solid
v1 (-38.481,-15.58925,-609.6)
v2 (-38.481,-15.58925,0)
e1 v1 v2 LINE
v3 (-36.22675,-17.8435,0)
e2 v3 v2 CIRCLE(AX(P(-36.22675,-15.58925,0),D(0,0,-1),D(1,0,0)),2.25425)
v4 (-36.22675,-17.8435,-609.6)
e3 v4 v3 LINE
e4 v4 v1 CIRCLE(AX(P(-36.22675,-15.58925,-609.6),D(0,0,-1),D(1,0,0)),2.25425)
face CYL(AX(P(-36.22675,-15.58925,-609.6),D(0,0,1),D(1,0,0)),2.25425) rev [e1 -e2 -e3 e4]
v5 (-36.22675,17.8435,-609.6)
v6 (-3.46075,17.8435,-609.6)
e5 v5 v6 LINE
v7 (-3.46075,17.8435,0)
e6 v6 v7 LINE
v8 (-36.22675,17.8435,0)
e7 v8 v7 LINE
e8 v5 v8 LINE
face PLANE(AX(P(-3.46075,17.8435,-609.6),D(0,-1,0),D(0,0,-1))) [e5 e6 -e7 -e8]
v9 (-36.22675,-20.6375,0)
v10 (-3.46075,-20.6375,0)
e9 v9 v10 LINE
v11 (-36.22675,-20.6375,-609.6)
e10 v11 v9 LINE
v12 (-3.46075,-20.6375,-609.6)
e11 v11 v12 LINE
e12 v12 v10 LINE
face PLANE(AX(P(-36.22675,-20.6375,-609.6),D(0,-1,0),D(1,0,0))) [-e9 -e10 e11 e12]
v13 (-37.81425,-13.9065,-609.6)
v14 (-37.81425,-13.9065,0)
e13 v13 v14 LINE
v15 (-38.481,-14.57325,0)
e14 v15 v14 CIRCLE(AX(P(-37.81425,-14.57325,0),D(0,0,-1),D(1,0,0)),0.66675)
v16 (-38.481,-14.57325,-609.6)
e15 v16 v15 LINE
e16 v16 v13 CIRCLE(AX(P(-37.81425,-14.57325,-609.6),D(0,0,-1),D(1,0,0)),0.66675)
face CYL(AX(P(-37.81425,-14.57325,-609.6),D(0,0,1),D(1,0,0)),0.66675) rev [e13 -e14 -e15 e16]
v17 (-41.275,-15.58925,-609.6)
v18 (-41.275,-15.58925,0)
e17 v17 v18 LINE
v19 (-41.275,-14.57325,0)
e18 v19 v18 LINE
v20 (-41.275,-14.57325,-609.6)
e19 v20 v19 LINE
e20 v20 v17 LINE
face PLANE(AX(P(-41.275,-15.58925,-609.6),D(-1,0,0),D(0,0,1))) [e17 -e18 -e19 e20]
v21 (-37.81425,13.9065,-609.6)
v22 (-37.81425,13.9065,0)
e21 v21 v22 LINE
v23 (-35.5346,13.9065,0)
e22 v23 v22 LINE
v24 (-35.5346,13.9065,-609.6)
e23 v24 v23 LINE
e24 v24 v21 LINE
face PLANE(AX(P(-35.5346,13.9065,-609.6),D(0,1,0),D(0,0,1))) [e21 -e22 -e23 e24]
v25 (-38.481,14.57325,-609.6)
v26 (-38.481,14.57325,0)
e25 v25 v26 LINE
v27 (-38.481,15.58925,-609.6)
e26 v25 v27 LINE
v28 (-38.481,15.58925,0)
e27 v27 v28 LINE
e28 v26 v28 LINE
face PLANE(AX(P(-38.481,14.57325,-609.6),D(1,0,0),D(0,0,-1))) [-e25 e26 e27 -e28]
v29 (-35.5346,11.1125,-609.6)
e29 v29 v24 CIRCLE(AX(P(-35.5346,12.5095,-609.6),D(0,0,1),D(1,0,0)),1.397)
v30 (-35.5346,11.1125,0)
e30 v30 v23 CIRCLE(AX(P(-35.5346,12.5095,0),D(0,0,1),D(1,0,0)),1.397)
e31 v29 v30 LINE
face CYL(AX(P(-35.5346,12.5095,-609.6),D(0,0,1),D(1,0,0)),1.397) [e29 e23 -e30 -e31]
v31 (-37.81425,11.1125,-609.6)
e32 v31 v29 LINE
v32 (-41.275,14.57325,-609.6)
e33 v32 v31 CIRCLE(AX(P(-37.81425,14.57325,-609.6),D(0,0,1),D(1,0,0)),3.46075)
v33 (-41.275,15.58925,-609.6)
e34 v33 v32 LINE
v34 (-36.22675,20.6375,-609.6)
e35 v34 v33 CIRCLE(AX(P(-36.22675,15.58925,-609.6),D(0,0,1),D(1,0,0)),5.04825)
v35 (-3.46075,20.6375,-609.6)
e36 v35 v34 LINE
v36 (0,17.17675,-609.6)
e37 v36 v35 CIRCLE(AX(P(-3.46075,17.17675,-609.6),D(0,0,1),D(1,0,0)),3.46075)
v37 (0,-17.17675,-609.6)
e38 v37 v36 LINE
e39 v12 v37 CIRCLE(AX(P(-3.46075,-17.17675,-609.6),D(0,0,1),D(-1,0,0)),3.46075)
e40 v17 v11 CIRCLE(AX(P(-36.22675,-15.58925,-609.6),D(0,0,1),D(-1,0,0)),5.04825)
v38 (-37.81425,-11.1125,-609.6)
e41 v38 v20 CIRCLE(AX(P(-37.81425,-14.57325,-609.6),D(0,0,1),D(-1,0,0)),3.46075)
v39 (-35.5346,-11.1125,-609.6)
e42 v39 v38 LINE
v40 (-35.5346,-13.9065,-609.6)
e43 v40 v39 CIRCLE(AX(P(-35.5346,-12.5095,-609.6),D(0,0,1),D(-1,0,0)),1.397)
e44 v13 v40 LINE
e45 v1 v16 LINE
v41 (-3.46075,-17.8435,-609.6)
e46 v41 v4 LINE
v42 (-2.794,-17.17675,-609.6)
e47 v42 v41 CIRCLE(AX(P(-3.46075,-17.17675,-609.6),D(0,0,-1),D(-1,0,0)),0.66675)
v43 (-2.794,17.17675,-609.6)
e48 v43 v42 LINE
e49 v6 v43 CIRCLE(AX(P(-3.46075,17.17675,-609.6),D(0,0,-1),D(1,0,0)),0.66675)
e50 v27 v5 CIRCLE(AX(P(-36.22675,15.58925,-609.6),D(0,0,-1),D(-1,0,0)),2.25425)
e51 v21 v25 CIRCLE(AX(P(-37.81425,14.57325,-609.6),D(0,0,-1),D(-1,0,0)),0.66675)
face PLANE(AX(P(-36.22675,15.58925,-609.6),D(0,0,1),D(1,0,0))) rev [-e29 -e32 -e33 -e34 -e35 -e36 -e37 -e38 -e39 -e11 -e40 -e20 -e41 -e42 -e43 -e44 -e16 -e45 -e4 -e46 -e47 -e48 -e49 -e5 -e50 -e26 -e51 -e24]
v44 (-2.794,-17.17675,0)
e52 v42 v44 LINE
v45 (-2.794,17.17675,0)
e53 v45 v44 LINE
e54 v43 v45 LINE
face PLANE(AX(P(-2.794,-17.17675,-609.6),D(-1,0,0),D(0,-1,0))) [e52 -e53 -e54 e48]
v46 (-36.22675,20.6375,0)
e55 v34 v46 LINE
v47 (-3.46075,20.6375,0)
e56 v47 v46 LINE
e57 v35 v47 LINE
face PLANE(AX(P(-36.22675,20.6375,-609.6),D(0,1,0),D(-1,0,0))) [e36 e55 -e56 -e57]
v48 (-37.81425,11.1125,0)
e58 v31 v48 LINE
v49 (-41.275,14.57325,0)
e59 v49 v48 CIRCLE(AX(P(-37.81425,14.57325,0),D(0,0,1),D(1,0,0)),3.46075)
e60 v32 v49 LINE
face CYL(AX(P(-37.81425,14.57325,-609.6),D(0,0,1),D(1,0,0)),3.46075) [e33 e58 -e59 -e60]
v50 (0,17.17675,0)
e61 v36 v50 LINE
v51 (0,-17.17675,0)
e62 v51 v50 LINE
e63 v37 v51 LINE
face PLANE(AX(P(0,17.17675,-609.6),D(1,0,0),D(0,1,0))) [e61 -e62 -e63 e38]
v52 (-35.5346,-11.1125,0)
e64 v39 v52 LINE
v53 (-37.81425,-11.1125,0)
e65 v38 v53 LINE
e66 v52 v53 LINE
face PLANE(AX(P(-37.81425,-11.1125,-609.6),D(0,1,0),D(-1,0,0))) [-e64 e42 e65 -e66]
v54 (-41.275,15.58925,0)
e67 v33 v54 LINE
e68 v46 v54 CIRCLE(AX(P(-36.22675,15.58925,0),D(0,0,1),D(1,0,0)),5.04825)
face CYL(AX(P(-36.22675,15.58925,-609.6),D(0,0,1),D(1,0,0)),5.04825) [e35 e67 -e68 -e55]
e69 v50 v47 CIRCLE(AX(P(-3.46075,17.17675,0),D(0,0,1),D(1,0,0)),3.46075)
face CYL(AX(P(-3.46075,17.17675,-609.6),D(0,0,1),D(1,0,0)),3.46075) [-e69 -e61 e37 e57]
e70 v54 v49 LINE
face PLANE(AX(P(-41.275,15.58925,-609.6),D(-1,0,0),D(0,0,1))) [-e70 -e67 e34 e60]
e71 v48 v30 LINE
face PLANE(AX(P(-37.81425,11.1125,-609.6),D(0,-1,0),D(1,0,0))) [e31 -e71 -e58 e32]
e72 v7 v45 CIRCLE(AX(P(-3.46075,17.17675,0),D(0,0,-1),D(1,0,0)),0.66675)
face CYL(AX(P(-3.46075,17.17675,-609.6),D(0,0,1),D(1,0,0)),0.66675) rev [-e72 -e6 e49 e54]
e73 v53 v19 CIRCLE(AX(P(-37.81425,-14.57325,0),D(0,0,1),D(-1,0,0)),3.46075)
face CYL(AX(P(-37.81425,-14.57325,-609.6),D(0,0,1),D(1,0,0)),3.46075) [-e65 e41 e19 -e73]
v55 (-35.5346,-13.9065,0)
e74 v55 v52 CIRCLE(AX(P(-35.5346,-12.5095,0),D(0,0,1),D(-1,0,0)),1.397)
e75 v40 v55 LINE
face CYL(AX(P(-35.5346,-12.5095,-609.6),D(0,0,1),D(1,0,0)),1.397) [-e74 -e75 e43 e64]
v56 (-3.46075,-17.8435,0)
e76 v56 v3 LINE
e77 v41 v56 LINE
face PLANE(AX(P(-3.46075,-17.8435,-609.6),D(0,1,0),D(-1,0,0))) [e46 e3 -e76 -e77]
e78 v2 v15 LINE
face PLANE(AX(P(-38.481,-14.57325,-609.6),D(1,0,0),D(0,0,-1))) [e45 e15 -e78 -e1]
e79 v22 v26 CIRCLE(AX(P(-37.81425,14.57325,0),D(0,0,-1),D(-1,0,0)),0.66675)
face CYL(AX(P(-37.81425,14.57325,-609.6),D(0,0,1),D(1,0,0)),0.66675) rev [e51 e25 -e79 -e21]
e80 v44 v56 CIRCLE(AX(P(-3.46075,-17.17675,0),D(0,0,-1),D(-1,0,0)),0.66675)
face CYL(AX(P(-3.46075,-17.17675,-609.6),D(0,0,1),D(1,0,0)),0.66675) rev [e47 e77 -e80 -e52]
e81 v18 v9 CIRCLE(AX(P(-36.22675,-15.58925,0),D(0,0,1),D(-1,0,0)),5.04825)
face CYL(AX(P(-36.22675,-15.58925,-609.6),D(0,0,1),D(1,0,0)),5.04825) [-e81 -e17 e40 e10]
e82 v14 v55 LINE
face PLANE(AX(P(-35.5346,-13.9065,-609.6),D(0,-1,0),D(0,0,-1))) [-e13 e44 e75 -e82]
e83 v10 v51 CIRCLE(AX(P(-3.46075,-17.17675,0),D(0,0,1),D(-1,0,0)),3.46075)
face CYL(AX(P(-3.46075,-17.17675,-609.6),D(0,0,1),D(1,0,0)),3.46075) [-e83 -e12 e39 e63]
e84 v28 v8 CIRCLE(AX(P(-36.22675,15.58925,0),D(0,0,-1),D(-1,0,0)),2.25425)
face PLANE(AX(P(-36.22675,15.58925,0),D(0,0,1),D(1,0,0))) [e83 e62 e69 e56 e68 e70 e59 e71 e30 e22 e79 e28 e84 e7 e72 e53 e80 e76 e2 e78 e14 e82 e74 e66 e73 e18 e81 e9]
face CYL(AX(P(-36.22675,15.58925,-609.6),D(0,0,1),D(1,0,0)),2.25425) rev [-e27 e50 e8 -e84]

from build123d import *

# Parameters (mm, degrees)
BOSS_EXTRUDE1_DEPTH = 609.6


with BuildPart() as part:
    # Sketch1 → Boss-Extrude1 (new body)
    with BuildSketch(Plane.XY):
        with BuildLine():
            Line((-36.22675, 20.6375), (-3.46075, 20.6375))
            ThreePointArc((-3.46075, 20.6375), (-1.013630207, 19.623869793), (0, 17.17675))
            Line((0, 17.17675), (0, -17.17675))
            ThreePointArc((0, -17.17675), (-1.013630207, -19.623869793), (-3.46075, -20.6375))
            Line((-3.46075, -20.6375), (-36.22675, -20.6375))
            ThreePointArc((-36.22675, -20.6375), (-39.796401808, -19.158901808), (-41.275, -15.58925))
            Line((-41.275, -15.58925), (-41.275, -14.57325))
            ThreePointArc((-41.275, -14.57325), (-40.261369793, -12.126130207), (-37.81425, -11.1125))
            Line((-37.81425, -11.1125), (-35.5346, -11.1125))
            ThreePointArc((-35.5346, -11.1125), (-34.1376, -12.5095), (-35.5346, -13.9065))
            Line((-35.5346, -13.9065), (-37.81425, -13.9065))
            ThreePointArc((-37.81425, -13.9065), (-38.285713446, -14.101786554), (-38.481, -14.57325))
            Line((-38.481, -14.57325), (-38.481, -15.58925))
            ThreePointArc((-38.481, -15.58925), (-37.820745461, -17.183245461), (-36.22675, -17.8435))
            Line((-36.22675, -17.8435), (-3.46075, -17.8435))
            ThreePointArc((-3.46075, -17.8435), (-2.989286554, -17.648213446), (-2.794, -17.17675))
            Line((-2.794, -17.17675), (-2.794, 17.17675))
            ThreePointArc((-2.794, 17.17675), (-2.989286554, 17.648213446), (-3.46075, 17.8435))
            Line((-3.46075, 17.8435), (-36.22675, 17.8435))
            ThreePointArc((-36.22675, 17.8435), (-37.820745461, 17.183245461), (-38.481, 15.58925))
            Line((-38.481, 15.58925), (-38.481, 14.57325))
            ThreePointArc((-38.481, 14.57325), (-38.285713446, 14.101786554), (-37.81425, 13.9065))
            Line((-37.81425, 13.9065), (-35.5346, 13.9065))
            ThreePointArc((-35.5346, 13.9065), (-34.1376, 12.5095), (-35.5346, 11.1125))
            Line((-35.5346, 11.1125), (-37.81425, 11.1125))
            ThreePointArc((-37.81425, 11.1125), (-40.261369793, 12.126130207), (-41.275, 14.57325))
            Line((-41.275, 14.57325), (-41.275, 15.58925))
            ThreePointArc((-41.275, 15.58925), (-39.796401808, 19.158901808), (-36.22675, 20.6375))
        make_face()
    extrude(amount=-BOSS_EXTRUDE1_DEPTH)


solid = part.part
